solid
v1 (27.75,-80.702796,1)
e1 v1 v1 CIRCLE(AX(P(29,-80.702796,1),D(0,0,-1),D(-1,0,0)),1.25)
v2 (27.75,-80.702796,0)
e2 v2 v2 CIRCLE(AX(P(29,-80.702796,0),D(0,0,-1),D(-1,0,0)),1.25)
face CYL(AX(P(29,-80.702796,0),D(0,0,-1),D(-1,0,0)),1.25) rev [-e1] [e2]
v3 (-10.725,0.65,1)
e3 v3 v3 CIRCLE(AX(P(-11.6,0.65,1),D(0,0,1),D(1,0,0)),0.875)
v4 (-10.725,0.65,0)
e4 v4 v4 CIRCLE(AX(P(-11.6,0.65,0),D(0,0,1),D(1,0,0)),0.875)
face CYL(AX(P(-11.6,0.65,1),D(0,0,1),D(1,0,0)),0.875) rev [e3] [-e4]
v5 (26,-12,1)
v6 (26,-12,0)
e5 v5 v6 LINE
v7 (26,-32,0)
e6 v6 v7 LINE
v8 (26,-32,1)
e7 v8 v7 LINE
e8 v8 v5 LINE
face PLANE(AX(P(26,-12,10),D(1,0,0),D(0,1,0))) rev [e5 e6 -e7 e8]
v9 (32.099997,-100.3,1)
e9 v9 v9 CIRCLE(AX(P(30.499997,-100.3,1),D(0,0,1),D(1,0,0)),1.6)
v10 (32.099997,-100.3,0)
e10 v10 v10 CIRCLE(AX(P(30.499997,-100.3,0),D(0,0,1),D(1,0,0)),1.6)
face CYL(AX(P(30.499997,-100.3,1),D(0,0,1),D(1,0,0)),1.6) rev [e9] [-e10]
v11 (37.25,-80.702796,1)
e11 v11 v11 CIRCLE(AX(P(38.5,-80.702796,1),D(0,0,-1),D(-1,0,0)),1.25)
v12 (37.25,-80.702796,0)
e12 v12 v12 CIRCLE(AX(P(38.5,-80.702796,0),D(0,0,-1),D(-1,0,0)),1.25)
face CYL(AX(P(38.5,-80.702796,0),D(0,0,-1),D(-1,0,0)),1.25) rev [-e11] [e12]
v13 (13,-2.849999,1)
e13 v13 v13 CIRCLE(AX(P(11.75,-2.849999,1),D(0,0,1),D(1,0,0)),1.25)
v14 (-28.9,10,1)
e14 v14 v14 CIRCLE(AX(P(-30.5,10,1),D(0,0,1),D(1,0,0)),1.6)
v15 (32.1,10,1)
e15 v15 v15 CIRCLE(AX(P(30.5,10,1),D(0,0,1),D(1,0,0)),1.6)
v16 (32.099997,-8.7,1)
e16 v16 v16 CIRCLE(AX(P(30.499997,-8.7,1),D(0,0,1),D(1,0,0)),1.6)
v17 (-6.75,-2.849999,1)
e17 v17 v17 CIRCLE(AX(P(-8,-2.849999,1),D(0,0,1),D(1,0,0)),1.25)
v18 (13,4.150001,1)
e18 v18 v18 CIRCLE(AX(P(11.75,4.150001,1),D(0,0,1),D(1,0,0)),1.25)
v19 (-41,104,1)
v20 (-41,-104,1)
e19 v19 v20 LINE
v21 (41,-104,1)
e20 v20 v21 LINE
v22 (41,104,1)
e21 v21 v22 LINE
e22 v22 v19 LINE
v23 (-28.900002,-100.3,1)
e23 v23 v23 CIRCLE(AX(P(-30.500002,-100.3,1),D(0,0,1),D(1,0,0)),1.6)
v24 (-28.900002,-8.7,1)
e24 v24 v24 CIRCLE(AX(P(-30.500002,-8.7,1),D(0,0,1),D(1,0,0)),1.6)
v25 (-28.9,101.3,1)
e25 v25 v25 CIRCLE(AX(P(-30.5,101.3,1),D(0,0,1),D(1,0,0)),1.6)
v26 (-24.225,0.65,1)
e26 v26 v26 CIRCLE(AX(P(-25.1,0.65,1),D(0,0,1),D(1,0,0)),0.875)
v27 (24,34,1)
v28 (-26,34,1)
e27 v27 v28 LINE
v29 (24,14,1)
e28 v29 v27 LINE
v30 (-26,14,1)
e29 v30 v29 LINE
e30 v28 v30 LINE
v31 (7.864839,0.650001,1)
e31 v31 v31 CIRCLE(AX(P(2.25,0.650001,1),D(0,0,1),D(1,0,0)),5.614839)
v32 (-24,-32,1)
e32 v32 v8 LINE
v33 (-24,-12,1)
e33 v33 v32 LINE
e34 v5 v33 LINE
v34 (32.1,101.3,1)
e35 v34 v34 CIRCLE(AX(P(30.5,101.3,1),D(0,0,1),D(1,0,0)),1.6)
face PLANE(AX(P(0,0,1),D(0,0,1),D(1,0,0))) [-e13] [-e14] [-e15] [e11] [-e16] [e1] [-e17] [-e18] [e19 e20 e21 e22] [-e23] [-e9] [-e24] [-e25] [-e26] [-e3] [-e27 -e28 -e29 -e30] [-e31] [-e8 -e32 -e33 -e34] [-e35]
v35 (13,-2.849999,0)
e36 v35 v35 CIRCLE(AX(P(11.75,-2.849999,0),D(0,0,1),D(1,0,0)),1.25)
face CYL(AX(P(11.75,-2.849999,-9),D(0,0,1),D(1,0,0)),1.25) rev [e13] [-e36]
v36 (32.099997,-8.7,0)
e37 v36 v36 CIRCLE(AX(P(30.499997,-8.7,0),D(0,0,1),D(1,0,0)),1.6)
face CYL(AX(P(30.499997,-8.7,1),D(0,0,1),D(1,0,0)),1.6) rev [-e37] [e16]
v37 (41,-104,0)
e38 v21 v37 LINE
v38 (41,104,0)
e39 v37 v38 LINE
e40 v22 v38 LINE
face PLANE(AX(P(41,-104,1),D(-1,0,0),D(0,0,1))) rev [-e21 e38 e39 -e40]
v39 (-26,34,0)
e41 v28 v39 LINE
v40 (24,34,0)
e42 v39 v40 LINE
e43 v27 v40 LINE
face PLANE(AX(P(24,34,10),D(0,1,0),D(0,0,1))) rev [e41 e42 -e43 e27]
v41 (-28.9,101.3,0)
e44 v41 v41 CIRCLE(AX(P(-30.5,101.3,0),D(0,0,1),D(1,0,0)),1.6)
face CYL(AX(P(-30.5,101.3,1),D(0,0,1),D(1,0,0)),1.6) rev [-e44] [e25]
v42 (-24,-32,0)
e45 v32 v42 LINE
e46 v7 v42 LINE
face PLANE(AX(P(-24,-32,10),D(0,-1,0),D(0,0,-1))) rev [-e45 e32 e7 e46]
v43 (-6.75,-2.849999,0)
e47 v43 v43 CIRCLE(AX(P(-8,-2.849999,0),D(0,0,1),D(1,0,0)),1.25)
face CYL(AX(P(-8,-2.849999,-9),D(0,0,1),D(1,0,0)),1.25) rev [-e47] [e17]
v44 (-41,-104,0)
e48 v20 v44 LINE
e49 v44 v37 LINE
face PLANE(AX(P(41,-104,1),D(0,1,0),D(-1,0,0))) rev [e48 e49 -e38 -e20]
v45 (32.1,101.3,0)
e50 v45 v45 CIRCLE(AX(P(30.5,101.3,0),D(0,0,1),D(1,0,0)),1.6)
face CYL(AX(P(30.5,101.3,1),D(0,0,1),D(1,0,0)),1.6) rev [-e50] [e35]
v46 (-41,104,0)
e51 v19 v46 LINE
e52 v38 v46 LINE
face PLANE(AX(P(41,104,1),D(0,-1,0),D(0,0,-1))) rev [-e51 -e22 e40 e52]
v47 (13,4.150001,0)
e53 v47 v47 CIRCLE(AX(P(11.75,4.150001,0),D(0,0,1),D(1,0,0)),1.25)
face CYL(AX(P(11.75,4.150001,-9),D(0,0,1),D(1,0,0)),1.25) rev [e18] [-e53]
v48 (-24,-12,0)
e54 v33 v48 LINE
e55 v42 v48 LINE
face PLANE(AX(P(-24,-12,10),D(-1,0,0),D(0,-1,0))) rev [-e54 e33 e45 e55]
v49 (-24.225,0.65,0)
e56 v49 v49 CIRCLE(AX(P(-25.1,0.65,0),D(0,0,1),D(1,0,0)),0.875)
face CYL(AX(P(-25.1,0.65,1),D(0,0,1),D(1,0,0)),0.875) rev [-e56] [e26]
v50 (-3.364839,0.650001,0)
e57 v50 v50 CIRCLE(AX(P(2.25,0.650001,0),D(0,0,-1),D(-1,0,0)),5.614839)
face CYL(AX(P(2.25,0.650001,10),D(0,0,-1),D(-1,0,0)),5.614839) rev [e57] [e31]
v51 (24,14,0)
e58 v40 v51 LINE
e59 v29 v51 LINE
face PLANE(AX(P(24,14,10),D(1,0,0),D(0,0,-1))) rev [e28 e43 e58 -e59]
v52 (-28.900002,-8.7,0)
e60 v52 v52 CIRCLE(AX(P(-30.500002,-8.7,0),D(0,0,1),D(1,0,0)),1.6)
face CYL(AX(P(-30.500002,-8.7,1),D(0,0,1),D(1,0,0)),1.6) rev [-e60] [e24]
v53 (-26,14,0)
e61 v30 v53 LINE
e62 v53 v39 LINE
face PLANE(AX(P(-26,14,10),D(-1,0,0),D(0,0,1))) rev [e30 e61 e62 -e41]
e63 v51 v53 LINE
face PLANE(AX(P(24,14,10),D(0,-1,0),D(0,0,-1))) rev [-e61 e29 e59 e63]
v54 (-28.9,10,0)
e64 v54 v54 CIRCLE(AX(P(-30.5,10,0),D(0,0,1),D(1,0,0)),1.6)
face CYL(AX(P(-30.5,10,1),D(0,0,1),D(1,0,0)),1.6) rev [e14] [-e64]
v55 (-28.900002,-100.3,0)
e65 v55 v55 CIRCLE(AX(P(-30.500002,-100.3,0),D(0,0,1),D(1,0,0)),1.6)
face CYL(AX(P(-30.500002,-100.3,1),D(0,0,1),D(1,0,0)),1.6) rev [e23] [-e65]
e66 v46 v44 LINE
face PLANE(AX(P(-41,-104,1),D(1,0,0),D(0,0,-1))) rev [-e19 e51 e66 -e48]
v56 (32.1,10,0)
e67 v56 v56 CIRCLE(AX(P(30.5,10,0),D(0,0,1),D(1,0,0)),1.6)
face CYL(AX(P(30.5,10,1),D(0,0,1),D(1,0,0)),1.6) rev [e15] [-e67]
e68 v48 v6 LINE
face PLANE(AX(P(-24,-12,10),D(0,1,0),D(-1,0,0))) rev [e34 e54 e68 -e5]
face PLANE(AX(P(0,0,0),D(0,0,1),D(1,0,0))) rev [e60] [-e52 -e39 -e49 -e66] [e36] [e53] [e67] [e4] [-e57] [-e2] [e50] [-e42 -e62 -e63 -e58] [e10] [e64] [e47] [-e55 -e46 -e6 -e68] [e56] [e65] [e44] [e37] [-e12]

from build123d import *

# Parameters (mm, degrees)
SKETCH1_W                      = 82
SKETCH1_H                      = 208
BOSS_EXTRUDE1_DEPTH            = 1
F_3_2_3_2_DIAMETER_HOLE1_D     = 3.2
F_3_2_3_2_DIAMETER_HOLE1_DEPTH = 1
SKETCH7_W                      = 50
SKETCH7_H                      = 20
CUT_EXTRUDE2_DEPTH             = 10
F_2_5_2_5_DIAMETER_HOLE1_D     = 2.5
F_1_75_1_75_DIAMETER_HOLE1_D   = 1.75
SKETCH12_R                     = 1.25
CUT_EXTRUDE3_DEPTH             = 10
SKETCH13_R                     = 5.614838764
CUT_EXTRUDE4_DEPTH             = 10


with BuildPart() as part:
    # Sketch1 → Boss-Extrude1 (new body)
    with BuildSketch(Plane.XY):
        Rectangle(SKETCH1_W, SKETCH1_H)
    extrude(amount=BOSS_EXTRUDE1_DEPTH)

    # Ø3.2 (3.2) Diameter Hole1
    with Locations(Plane.XY.offset(1)):
        with Locations((-30.5, 10), (30.5, 10), (30.49999746, -100.29999968), (-30.50000246, -100.29999968), (-30.5, 101.3), (30.5, 101.3), (30.49999746, -8.7), (30.644996947, -118.559802529), (-30.50000246, -8.7)):
            Hole(F_3_2_3_2_DIAMETER_HOLE1_D / 2, depth=F_3_2_3_2_DIAMETER_HOLE1_DEPTH)

    # Sketch7 → Cut-Extrude2 (cut)
    with BuildSketch(Plane(origin=(0, 0, 0), x_dir=(-1, 0, 0), z_dir=(0, 0, -1))):
        with Locations((-1, -22)):
            Rectangle(SKETCH7_W, SKETCH7_H)
        with Locations((1, 24)):
            Rectangle(SKETCH7_W, SKETCH7_H)
    extrude(amount=-CUT_EXTRUDE2_DEPTH, mode=Mode.SUBTRACT)

    # Ø2.5 (2.5) Diameter Hole1 (through all)
    with Locations(Plane(origin=(0, 0, 0), x_dir=(-1, 0, 0), z_dir=(0, 0, -1))):
        with Locations((-29, -80.702796173), (-38.5, -80.702796173)):
            Hole(F_2_5_2_5_DIAMETER_HOLE1_D / 2)

    # Ø1.75 (1.75) Diameter Hole1 (through all)
    with Locations(Plane.XY.offset(1)):
        with Locations((-25.1, 0.65), (-11.6, 0.65)):
            Hole(F_1_75_1_75_DIAMETER_HOLE1_D / 2)

    # Sketch12 → Cut-Extrude3 (cut)
    with BuildSketch(Plane.XY.offset(1)):
        with Locations((-8, -2.84999878)):
            Circle(SKETCH12_R)
        with Locations((11.75, -2.84999878)):
            Circle(SKETCH12_R)
        with Locations((11.75, 4.15000122)):
            Circle(SKETCH12_R)
    extrude(amount=-CUT_EXTRUDE3_DEPTH, mode=Mode.SUBTRACT)

    # Sketch13 → Cut-Extrude4 (cut)
    with BuildSketch(Plane(origin=(0, 0, 0), x_dir=(-1, 0, 0), z_dir=(0, 0, -1))):
        with Locations((-2.25, 0.65000122)):
            Circle(SKETCH13_R)
    extrude(amount=-CUT_EXTRUDE4_DEPTH, mode=Mode.SUBTRACT)


solid = part.part
